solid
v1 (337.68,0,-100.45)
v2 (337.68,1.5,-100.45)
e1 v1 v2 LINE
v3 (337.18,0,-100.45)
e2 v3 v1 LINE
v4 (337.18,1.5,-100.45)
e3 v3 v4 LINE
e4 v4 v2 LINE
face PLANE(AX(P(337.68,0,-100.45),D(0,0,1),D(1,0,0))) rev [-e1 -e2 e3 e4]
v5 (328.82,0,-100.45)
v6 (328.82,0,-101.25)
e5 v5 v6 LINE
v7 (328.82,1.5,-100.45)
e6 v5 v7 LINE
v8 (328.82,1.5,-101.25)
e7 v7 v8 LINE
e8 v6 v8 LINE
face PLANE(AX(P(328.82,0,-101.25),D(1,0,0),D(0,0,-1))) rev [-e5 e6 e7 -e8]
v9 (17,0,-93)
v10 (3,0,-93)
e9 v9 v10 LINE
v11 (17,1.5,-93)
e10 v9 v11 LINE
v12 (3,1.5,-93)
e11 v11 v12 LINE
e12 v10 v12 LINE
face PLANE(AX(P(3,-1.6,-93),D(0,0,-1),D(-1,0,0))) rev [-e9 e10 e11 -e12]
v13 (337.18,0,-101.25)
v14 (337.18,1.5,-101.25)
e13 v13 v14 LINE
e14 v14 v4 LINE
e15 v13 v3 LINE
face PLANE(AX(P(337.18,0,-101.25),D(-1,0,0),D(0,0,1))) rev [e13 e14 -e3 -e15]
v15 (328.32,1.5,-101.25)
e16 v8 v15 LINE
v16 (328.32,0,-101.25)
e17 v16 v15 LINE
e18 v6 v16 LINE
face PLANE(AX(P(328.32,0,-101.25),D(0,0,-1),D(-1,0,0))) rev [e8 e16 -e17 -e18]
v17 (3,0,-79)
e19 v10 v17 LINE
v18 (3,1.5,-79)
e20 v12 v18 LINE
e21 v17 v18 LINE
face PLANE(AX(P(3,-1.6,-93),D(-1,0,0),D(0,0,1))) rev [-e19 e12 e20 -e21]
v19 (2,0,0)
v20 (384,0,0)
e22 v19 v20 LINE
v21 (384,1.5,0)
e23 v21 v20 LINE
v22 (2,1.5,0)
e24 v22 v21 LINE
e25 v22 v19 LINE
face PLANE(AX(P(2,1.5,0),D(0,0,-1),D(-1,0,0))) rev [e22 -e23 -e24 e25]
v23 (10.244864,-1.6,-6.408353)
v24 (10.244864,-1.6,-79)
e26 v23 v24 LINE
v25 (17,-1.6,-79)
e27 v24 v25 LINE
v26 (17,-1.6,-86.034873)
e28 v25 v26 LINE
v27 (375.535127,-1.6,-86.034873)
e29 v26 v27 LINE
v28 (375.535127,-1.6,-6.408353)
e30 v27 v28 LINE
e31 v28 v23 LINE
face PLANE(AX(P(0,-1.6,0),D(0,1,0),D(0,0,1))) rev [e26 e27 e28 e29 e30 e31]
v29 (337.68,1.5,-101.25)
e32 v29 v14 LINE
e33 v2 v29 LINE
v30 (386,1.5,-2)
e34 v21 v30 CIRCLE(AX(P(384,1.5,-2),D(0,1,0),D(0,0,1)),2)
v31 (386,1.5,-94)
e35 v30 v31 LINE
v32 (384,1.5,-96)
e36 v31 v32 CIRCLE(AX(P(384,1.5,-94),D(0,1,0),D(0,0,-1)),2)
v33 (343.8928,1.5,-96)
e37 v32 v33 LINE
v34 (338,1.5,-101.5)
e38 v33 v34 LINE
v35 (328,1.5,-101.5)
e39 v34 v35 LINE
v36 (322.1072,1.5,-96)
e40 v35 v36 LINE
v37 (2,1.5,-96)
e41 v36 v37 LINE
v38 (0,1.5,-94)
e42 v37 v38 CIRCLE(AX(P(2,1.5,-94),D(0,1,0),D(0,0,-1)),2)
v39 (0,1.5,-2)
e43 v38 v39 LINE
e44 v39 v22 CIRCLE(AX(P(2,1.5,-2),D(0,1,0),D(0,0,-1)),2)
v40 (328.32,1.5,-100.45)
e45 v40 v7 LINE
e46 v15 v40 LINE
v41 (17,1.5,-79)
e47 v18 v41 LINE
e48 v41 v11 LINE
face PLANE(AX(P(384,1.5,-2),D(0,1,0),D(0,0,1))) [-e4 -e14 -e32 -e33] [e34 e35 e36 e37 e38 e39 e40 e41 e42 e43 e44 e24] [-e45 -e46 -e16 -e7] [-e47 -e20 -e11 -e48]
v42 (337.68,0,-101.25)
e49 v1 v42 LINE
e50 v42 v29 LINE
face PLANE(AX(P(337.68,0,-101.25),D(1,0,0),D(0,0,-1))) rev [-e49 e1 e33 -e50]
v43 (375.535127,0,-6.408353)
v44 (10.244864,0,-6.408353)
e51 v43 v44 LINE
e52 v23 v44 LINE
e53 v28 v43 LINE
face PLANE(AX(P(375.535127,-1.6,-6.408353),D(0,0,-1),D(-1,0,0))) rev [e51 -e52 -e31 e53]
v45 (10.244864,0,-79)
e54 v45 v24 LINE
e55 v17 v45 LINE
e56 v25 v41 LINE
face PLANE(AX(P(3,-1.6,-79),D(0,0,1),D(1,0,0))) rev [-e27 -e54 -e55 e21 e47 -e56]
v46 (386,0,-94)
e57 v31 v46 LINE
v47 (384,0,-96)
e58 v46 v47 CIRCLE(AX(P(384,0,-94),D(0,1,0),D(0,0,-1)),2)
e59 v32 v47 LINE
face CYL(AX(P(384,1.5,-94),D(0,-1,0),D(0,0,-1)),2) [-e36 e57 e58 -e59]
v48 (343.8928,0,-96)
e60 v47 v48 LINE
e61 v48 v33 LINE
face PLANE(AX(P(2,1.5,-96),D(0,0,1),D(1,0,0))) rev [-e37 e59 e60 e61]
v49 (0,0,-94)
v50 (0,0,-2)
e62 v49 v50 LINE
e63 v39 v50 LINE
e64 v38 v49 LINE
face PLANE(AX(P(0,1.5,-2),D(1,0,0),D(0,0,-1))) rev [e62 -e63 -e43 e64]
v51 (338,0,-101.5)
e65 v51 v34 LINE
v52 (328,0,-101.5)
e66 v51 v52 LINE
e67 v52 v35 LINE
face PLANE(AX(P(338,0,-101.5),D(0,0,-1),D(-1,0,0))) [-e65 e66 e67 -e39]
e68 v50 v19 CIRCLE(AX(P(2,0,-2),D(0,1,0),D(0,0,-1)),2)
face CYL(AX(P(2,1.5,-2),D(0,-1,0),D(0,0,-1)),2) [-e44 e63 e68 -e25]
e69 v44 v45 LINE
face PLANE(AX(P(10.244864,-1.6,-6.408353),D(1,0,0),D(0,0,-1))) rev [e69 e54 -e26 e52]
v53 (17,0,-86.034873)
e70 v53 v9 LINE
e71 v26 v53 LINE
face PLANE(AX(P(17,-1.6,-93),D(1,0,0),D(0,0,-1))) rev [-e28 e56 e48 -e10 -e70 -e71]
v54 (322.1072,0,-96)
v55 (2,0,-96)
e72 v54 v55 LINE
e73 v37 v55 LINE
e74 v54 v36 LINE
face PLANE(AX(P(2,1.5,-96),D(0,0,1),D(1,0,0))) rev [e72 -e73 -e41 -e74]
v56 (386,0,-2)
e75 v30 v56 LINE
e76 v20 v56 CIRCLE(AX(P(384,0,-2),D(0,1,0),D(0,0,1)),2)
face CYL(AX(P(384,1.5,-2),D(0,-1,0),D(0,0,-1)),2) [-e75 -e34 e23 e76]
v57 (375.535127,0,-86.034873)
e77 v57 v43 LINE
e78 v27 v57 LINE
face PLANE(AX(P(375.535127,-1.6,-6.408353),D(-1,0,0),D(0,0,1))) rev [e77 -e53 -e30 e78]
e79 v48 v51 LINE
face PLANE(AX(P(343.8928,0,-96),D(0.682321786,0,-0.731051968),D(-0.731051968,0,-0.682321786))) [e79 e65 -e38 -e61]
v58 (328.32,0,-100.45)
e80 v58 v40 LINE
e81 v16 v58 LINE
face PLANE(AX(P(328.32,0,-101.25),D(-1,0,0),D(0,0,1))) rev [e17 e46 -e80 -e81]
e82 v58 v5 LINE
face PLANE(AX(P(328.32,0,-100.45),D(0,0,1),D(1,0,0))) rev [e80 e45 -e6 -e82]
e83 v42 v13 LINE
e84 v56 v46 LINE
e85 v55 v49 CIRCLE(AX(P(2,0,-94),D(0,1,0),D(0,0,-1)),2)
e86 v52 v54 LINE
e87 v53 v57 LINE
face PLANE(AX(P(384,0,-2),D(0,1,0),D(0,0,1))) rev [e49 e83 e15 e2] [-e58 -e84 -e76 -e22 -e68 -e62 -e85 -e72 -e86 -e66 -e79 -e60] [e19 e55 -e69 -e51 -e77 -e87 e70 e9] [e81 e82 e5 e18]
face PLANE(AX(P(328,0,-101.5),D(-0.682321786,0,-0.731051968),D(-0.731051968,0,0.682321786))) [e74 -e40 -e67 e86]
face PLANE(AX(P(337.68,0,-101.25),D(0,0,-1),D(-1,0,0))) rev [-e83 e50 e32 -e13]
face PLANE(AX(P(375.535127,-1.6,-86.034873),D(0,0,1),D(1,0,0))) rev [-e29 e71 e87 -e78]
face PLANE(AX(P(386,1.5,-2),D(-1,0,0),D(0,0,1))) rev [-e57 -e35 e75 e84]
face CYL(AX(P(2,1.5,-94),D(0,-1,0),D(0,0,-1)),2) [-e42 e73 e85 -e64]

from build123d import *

# Parameters (mm, degrees)
BOSS_EXTRUDE1_DEPTH = 1.5
BOSS_EXTRUDE2_DEPTH = 1.5
SKETCH3_W           = 0.5
SKETCH3_H           = 0.8
CUT_EXTRUDE1_DEPTH  = 400.124667241
SKETCH4_W           = 365.290263007
SKETCH4_H           = 79.626519776
BOSS_EXTRUDE3_DEPTH = 1.6
SKETCH5_W           = 14
SKETCH5_H           = 14
CUT_EXTRUDE2_DEPTH  = 400.133887311


with BuildPart() as part:
    # Sketch1 → Boss-Extrude1 (new body)
    with BuildSketch(Plane(origin=(0, 0, 0), x_dir=(1, 0, 0), z_dir=(0, 1, 0))):
        with BuildLine():
            Line((2, 0), (384, 0))
            ThreePointArc((384, 0), (385.414213562, 0.585786438), (386, 2))
            Line((386, 2), (386, 94))
            ThreePointArc((386, 94), (385.414213562, 95.414213562), (384, 96))
            Line((384, 96), (2, 96))
            ThreePointArc((2, 96), (0.585786438, 95.414213562), (0, 94))
            Line((0, 94), (0, 2))
            ThreePointArc((0, 2), (0.585786438, 0.585786438), (2, 0))
        make_face()
    extrude(amount=BOSS_EXTRUDE1_DEPTH)

    # Sketch2 → Boss-Extrude2 (add)
    with BuildSketch(Plane(origin=(0, 1.5, 0), x_dir=(1, 0, 0), z_dir=(0, 1, 0))):
        Polygon((343.8928, 96), (338, 101.5), (328, 101.5), (322.1072, 96), align=None)
    extrude(amount=-BOSS_EXTRUDE2_DEPTH)

    # Sketch3 → Cut-Extrude1 (cut, through all)
    with BuildSketch(Plane(origin=(0, 1.5, 0), x_dir=(1, 0, 0), z_dir=(0, 1, 0))):
        with Locations((328.57, 100.85)):
            Rectangle(SKETCH3_W, SKETCH3_H)
        with Locations((337.43, 100.85)):
            Rectangle(SKETCH3_W, SKETCH3_H)
    extrude(amount=-CUT_EXTRUDE1_DEPTH, mode=Mode.SUBTRACT)

    # Sketch4 → Boss-Extrude3 (add)
    with BuildSketch(Plane.XZ):
        with Locations((192.889995692, -46.221612613)):
            Rectangle(SKETCH4_W, SKETCH4_H)
    extrude(amount=BOSS_EXTRUDE3_DEPTH)

    # Sketch5 → Cut-Extrude2 (cut, through all)
    with BuildSketch(Plane(origin=(0, 1.5, 0), x_dir=(1, 0, 0), z_dir=(0, 1, 0))):
        with Locations((10, 86)):
            Rectangle(SKETCH5_W, SKETCH5_H)
    extrude(amount=-CUT_EXTRUDE2_DEPTH, mode=Mode.SUBTRACT)


solid = part.part
